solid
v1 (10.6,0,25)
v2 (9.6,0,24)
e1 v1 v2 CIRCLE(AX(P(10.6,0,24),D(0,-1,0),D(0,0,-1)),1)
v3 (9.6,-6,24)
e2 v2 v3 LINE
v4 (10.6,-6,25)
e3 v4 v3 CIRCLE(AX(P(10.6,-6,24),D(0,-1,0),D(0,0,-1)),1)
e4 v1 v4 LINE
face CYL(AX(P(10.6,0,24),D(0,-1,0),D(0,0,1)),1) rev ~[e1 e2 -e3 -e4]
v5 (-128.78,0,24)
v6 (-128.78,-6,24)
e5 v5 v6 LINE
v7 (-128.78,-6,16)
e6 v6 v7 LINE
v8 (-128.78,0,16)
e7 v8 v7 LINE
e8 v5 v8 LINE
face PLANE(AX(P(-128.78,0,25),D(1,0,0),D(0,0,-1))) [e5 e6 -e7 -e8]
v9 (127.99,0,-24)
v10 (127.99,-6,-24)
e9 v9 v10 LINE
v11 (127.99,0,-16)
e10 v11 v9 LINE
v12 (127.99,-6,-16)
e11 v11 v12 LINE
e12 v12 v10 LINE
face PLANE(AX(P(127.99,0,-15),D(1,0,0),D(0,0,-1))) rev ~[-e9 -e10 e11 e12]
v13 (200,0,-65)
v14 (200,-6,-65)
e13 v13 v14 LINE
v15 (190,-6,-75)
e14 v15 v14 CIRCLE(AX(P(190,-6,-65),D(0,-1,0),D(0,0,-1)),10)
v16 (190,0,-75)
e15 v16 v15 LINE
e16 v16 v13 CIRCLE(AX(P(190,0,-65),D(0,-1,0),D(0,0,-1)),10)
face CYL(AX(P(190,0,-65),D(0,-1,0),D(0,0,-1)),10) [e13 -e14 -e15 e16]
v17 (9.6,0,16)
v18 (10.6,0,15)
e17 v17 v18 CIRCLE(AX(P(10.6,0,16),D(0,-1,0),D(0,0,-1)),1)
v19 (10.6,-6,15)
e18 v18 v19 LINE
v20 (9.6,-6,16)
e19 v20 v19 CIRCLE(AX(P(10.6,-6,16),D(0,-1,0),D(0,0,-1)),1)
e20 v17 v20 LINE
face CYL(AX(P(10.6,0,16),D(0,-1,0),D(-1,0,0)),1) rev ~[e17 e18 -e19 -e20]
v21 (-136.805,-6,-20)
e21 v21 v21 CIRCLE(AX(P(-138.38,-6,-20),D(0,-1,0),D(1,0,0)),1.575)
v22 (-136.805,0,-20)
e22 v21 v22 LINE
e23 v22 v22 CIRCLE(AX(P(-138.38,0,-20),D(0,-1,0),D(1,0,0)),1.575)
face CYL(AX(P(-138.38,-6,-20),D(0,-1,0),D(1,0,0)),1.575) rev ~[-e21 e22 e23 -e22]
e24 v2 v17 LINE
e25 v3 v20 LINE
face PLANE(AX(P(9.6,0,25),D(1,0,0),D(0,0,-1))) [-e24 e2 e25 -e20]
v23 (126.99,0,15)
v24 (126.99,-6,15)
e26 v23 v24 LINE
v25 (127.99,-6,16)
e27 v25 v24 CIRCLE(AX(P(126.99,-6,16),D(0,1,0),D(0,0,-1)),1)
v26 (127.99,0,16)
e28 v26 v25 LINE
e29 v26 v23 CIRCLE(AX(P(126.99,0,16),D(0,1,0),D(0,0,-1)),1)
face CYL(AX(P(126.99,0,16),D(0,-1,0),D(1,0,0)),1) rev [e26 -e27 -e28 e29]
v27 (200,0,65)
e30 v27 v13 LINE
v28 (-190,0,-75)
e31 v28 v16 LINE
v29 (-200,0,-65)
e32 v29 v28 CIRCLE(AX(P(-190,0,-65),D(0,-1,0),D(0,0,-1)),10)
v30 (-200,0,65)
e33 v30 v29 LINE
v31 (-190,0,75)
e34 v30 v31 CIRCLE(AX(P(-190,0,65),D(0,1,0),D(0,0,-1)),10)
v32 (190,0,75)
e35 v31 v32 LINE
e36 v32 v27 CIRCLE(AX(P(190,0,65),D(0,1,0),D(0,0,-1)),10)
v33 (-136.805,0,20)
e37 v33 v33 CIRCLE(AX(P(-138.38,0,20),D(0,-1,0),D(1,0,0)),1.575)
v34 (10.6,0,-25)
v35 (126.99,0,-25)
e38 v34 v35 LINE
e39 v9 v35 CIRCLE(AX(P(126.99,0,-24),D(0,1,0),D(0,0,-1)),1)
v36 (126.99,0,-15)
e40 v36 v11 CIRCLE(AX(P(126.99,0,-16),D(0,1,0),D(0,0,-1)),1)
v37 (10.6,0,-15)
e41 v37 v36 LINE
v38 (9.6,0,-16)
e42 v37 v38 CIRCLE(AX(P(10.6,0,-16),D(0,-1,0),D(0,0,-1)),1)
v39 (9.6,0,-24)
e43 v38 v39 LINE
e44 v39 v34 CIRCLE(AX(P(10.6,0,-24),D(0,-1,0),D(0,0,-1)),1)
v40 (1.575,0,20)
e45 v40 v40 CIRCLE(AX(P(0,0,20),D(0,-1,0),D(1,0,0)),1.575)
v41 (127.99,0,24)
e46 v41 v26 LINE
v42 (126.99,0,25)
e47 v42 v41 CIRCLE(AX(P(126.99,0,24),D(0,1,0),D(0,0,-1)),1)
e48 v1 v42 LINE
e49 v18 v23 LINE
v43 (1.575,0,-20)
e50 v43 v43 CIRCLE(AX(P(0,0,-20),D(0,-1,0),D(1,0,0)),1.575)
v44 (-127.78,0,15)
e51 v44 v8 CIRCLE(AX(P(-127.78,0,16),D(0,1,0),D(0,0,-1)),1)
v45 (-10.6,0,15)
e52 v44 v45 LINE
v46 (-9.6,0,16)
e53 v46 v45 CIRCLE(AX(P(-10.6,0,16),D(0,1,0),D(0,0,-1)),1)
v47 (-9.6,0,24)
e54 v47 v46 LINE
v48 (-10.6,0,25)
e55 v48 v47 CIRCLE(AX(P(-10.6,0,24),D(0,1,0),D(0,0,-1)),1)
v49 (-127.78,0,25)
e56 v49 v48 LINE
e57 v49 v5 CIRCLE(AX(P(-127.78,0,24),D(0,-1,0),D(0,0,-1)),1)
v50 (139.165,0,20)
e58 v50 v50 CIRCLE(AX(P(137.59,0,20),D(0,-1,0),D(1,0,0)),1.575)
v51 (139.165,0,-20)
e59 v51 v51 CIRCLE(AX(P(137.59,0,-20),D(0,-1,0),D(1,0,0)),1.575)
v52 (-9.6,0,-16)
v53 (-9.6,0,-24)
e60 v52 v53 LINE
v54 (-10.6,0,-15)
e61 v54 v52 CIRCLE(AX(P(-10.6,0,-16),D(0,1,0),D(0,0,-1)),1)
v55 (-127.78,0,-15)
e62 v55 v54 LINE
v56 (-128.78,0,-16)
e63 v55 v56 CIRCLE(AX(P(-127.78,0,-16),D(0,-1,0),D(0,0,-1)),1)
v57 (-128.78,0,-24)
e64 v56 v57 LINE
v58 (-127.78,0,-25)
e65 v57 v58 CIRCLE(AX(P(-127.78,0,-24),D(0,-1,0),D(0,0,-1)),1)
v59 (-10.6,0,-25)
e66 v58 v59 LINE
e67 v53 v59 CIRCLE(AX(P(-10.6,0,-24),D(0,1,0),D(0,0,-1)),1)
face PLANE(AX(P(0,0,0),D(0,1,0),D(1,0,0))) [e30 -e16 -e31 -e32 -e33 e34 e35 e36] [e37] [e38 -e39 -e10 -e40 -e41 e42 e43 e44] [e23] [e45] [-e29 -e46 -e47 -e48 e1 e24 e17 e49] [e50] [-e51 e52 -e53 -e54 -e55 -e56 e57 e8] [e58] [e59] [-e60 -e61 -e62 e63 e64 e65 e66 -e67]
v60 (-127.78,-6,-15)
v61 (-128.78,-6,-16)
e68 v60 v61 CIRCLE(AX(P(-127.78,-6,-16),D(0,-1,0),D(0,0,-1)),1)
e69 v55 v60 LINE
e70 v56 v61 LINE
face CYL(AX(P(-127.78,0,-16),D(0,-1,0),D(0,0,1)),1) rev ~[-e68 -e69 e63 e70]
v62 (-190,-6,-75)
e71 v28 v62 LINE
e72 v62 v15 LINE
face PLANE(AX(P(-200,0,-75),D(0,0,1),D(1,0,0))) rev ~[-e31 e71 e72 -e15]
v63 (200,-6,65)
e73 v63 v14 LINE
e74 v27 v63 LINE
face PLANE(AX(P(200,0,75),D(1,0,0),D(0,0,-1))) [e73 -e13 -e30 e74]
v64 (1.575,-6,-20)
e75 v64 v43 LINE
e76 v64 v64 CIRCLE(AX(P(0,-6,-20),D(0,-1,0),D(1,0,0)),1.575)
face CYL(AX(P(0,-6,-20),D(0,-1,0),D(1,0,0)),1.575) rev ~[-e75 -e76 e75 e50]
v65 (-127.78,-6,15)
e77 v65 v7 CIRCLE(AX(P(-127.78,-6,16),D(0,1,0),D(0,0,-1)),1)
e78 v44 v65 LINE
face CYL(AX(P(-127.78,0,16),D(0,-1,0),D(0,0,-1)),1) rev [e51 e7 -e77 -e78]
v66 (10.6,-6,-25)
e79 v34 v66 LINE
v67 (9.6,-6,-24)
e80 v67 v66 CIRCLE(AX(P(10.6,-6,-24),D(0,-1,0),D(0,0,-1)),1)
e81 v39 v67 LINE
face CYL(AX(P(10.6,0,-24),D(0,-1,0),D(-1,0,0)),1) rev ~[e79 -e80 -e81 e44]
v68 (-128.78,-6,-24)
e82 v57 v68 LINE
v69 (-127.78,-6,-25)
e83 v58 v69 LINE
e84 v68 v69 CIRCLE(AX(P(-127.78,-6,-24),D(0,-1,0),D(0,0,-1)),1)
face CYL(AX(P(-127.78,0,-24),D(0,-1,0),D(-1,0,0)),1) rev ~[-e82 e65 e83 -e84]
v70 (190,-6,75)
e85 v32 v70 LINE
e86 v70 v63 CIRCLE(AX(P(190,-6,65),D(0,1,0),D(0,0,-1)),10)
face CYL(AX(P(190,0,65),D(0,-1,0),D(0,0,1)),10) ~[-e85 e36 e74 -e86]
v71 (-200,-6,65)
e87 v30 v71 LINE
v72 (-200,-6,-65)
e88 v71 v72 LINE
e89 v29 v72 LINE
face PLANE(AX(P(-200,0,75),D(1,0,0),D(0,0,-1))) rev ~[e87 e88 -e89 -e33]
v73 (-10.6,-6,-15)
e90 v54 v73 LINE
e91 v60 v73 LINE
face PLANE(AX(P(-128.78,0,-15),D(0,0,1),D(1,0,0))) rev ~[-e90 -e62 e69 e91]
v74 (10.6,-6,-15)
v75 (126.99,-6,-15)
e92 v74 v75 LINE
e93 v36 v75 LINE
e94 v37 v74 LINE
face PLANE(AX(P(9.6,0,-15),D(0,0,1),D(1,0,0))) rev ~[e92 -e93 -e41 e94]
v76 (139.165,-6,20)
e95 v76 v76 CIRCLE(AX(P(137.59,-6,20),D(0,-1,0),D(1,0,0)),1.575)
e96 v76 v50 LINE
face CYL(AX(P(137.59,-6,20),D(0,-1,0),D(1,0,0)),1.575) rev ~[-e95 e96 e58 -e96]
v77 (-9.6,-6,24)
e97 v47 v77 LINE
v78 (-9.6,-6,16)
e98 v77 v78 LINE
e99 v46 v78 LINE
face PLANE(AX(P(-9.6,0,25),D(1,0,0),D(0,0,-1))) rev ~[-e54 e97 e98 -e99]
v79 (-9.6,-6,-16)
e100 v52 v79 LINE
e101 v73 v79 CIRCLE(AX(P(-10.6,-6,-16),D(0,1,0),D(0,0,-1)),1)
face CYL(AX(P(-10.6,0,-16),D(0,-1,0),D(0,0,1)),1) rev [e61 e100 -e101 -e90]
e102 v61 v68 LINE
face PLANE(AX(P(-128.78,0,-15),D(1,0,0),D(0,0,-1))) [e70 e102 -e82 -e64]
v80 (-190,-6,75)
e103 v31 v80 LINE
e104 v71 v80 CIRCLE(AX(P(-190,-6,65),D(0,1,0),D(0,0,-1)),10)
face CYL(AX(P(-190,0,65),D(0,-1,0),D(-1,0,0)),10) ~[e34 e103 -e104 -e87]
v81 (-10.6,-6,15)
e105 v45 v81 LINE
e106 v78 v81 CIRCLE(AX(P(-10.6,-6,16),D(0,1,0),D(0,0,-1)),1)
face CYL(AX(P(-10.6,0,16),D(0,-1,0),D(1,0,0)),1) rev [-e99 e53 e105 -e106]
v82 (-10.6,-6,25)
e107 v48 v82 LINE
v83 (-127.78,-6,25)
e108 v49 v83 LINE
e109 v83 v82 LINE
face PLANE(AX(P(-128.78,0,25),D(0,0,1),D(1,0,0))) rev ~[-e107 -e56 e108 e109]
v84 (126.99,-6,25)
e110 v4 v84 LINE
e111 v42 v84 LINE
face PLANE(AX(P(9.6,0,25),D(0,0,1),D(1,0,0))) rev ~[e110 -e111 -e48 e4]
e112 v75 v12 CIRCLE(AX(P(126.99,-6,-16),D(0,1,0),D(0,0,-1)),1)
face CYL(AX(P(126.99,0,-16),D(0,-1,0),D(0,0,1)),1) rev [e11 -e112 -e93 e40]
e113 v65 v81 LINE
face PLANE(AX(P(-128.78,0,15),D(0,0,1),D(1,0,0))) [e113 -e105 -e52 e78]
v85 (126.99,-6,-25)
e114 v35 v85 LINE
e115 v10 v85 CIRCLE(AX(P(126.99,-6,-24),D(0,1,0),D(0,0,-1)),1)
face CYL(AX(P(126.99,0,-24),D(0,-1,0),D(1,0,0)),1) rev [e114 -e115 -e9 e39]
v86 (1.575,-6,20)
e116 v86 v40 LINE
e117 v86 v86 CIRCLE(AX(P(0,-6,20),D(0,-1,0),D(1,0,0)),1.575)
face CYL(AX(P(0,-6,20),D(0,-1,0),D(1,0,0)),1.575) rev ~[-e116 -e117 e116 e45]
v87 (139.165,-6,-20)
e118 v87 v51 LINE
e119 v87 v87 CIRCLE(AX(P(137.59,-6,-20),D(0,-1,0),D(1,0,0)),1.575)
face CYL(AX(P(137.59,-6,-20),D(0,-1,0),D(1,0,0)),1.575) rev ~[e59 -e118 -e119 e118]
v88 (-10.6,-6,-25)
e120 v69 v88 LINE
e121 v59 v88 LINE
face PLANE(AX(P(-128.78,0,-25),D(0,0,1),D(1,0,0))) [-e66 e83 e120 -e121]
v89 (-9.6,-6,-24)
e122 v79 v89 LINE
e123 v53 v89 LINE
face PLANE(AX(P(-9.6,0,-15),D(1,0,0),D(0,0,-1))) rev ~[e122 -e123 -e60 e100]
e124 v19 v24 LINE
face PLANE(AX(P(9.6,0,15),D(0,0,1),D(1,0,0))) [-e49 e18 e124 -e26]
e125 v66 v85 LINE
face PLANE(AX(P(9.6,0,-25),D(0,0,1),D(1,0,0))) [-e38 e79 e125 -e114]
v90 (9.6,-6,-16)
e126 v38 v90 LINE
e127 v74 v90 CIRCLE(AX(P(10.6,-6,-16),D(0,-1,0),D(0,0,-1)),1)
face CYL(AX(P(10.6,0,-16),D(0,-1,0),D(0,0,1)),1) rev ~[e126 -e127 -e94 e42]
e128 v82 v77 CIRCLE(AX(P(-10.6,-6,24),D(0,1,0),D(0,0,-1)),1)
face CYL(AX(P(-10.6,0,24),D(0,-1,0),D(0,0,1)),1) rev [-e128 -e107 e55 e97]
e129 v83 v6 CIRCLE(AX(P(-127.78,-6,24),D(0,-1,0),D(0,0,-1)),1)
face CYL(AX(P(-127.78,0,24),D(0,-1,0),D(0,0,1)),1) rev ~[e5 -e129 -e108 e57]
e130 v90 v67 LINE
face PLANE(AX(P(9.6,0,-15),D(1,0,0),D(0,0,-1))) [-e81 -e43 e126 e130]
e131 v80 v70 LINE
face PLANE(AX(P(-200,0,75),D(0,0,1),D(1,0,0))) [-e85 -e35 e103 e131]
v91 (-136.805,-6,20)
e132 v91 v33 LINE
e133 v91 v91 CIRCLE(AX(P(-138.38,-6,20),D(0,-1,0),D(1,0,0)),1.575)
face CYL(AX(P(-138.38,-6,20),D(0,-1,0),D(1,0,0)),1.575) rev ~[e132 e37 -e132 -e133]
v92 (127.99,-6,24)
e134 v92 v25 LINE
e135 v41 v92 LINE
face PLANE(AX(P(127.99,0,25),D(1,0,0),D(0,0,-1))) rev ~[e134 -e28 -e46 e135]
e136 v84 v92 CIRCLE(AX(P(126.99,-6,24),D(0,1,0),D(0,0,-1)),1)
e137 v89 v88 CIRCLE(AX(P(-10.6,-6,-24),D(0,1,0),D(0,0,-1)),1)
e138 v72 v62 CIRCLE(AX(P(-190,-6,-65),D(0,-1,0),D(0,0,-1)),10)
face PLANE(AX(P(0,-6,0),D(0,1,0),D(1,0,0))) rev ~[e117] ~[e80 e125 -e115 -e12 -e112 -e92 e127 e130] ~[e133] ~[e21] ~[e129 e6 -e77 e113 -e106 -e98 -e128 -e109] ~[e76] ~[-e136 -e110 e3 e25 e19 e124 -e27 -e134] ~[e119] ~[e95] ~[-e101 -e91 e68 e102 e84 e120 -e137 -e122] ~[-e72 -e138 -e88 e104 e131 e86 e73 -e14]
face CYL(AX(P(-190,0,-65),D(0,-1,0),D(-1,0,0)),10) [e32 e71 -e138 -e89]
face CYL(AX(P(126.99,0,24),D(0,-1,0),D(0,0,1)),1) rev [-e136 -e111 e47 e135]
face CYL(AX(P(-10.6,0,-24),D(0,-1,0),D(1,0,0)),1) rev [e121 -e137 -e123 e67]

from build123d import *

# Parameters (mm, degrees)
IZIM1_W                     = 400
IZIM1_H                     = 150
IZIM1_W_2                   = 119.18
IZIM1_H_2                   = 10
IZIM1_W_3                   = 118.39
Y_KSEKLIK_EKSTR_ZYON1_DEPTH = 6
RADYUS1_R                   = 10
RADYUS2_R                   = 1
IZIM2_R                     = 1.575
KES_EKSTR_ZYON1_DEPTH       = 7


with BuildPart() as part:
    # Çizim1 → Yükseklik-Ekstrüzyon1 (new body)
    with BuildSketch(Plane(origin=(0, 0, 0), x_dir=(1, 0, 0), z_dir=(0, 1, 0))):
        Rectangle(IZIM1_W, IZIM1_H)
        with Locations((-69.19, 20)):
            Rectangle(IZIM1_W_2, IZIM1_H_2, mode=Mode.SUBTRACT)
        with Locations((68.795, 20)):
            Rectangle(IZIM1_W_3, IZIM1_H_2, mode=Mode.SUBTRACT)
        with Locations((68.795, -20)):
            Rectangle(IZIM1_W_3, IZIM1_H_2, mode=Mode.SUBTRACT)
        with Locations((-69.19, -20)):
            Rectangle(IZIM1_W_2, IZIM1_H_2, mode=Mode.SUBTRACT)
    extrude(amount=-Y_KSEKLIK_EKSTR_ZYON1_DEPTH)

    # Radyus1
    radyus1_edges = [part.edges().sort_by_distance(p)[0] for p in [
        (200, -3, 75),
        (-200, -3, 75),
        (-200, -3, -75),
        (200, -3, -75),
    ]]
    fillet(radyus1_edges, radius=RADYUS1_R)

    # Radyus2
    radyus2_edges = [part.edges().sort_by_distance(p)[0] for p in [
        (9.6, -3, -15),
        (9.6, -3, -25),
        (127.99, -3, -25),
        (127.99, -3, -15),
        (-9.6, -3, -25),
        (-9.6, -3, -15),
        (-128.78, -3, -15),
        (-128.78, -3, -25),
        (127.99, -3, 15),
        (127.99, -3, 25),
        (9.6, -3, 25),
        (9.6, -3, 15),
        (-9.6, -3, 15),
        (-9.6, -3, 25),
        (-128.78, -3, 25),
        (-128.78, -3, 15),
    ]]
    fillet(radyus2_edges, radius=RADYUS2_R)

    # Çizim2 → Kes-Ekstrüzyon1 (cut, through all)
    with BuildSketch(Plane.XZ.offset(6)):
        with Locations((-138.38, 20)):
            Circle(IZIM2_R)
        with Locations((-138.38, -20)):
            Circle(IZIM2_R)
        with Locations((0, -20)):
            Circle(IZIM2_R)
        with Locations((0, 20)):
            Circle(IZIM2_R)
        with Locations((137.59, 20)):
            Circle(IZIM2_R)
        with Locations((137.59, -20)):
            Circle(IZIM2_R)
    extrude(amount=-KES_EKSTR_ZYON1_DEPTH, mode=Mode.SUBTRACT)


solid = part.part
